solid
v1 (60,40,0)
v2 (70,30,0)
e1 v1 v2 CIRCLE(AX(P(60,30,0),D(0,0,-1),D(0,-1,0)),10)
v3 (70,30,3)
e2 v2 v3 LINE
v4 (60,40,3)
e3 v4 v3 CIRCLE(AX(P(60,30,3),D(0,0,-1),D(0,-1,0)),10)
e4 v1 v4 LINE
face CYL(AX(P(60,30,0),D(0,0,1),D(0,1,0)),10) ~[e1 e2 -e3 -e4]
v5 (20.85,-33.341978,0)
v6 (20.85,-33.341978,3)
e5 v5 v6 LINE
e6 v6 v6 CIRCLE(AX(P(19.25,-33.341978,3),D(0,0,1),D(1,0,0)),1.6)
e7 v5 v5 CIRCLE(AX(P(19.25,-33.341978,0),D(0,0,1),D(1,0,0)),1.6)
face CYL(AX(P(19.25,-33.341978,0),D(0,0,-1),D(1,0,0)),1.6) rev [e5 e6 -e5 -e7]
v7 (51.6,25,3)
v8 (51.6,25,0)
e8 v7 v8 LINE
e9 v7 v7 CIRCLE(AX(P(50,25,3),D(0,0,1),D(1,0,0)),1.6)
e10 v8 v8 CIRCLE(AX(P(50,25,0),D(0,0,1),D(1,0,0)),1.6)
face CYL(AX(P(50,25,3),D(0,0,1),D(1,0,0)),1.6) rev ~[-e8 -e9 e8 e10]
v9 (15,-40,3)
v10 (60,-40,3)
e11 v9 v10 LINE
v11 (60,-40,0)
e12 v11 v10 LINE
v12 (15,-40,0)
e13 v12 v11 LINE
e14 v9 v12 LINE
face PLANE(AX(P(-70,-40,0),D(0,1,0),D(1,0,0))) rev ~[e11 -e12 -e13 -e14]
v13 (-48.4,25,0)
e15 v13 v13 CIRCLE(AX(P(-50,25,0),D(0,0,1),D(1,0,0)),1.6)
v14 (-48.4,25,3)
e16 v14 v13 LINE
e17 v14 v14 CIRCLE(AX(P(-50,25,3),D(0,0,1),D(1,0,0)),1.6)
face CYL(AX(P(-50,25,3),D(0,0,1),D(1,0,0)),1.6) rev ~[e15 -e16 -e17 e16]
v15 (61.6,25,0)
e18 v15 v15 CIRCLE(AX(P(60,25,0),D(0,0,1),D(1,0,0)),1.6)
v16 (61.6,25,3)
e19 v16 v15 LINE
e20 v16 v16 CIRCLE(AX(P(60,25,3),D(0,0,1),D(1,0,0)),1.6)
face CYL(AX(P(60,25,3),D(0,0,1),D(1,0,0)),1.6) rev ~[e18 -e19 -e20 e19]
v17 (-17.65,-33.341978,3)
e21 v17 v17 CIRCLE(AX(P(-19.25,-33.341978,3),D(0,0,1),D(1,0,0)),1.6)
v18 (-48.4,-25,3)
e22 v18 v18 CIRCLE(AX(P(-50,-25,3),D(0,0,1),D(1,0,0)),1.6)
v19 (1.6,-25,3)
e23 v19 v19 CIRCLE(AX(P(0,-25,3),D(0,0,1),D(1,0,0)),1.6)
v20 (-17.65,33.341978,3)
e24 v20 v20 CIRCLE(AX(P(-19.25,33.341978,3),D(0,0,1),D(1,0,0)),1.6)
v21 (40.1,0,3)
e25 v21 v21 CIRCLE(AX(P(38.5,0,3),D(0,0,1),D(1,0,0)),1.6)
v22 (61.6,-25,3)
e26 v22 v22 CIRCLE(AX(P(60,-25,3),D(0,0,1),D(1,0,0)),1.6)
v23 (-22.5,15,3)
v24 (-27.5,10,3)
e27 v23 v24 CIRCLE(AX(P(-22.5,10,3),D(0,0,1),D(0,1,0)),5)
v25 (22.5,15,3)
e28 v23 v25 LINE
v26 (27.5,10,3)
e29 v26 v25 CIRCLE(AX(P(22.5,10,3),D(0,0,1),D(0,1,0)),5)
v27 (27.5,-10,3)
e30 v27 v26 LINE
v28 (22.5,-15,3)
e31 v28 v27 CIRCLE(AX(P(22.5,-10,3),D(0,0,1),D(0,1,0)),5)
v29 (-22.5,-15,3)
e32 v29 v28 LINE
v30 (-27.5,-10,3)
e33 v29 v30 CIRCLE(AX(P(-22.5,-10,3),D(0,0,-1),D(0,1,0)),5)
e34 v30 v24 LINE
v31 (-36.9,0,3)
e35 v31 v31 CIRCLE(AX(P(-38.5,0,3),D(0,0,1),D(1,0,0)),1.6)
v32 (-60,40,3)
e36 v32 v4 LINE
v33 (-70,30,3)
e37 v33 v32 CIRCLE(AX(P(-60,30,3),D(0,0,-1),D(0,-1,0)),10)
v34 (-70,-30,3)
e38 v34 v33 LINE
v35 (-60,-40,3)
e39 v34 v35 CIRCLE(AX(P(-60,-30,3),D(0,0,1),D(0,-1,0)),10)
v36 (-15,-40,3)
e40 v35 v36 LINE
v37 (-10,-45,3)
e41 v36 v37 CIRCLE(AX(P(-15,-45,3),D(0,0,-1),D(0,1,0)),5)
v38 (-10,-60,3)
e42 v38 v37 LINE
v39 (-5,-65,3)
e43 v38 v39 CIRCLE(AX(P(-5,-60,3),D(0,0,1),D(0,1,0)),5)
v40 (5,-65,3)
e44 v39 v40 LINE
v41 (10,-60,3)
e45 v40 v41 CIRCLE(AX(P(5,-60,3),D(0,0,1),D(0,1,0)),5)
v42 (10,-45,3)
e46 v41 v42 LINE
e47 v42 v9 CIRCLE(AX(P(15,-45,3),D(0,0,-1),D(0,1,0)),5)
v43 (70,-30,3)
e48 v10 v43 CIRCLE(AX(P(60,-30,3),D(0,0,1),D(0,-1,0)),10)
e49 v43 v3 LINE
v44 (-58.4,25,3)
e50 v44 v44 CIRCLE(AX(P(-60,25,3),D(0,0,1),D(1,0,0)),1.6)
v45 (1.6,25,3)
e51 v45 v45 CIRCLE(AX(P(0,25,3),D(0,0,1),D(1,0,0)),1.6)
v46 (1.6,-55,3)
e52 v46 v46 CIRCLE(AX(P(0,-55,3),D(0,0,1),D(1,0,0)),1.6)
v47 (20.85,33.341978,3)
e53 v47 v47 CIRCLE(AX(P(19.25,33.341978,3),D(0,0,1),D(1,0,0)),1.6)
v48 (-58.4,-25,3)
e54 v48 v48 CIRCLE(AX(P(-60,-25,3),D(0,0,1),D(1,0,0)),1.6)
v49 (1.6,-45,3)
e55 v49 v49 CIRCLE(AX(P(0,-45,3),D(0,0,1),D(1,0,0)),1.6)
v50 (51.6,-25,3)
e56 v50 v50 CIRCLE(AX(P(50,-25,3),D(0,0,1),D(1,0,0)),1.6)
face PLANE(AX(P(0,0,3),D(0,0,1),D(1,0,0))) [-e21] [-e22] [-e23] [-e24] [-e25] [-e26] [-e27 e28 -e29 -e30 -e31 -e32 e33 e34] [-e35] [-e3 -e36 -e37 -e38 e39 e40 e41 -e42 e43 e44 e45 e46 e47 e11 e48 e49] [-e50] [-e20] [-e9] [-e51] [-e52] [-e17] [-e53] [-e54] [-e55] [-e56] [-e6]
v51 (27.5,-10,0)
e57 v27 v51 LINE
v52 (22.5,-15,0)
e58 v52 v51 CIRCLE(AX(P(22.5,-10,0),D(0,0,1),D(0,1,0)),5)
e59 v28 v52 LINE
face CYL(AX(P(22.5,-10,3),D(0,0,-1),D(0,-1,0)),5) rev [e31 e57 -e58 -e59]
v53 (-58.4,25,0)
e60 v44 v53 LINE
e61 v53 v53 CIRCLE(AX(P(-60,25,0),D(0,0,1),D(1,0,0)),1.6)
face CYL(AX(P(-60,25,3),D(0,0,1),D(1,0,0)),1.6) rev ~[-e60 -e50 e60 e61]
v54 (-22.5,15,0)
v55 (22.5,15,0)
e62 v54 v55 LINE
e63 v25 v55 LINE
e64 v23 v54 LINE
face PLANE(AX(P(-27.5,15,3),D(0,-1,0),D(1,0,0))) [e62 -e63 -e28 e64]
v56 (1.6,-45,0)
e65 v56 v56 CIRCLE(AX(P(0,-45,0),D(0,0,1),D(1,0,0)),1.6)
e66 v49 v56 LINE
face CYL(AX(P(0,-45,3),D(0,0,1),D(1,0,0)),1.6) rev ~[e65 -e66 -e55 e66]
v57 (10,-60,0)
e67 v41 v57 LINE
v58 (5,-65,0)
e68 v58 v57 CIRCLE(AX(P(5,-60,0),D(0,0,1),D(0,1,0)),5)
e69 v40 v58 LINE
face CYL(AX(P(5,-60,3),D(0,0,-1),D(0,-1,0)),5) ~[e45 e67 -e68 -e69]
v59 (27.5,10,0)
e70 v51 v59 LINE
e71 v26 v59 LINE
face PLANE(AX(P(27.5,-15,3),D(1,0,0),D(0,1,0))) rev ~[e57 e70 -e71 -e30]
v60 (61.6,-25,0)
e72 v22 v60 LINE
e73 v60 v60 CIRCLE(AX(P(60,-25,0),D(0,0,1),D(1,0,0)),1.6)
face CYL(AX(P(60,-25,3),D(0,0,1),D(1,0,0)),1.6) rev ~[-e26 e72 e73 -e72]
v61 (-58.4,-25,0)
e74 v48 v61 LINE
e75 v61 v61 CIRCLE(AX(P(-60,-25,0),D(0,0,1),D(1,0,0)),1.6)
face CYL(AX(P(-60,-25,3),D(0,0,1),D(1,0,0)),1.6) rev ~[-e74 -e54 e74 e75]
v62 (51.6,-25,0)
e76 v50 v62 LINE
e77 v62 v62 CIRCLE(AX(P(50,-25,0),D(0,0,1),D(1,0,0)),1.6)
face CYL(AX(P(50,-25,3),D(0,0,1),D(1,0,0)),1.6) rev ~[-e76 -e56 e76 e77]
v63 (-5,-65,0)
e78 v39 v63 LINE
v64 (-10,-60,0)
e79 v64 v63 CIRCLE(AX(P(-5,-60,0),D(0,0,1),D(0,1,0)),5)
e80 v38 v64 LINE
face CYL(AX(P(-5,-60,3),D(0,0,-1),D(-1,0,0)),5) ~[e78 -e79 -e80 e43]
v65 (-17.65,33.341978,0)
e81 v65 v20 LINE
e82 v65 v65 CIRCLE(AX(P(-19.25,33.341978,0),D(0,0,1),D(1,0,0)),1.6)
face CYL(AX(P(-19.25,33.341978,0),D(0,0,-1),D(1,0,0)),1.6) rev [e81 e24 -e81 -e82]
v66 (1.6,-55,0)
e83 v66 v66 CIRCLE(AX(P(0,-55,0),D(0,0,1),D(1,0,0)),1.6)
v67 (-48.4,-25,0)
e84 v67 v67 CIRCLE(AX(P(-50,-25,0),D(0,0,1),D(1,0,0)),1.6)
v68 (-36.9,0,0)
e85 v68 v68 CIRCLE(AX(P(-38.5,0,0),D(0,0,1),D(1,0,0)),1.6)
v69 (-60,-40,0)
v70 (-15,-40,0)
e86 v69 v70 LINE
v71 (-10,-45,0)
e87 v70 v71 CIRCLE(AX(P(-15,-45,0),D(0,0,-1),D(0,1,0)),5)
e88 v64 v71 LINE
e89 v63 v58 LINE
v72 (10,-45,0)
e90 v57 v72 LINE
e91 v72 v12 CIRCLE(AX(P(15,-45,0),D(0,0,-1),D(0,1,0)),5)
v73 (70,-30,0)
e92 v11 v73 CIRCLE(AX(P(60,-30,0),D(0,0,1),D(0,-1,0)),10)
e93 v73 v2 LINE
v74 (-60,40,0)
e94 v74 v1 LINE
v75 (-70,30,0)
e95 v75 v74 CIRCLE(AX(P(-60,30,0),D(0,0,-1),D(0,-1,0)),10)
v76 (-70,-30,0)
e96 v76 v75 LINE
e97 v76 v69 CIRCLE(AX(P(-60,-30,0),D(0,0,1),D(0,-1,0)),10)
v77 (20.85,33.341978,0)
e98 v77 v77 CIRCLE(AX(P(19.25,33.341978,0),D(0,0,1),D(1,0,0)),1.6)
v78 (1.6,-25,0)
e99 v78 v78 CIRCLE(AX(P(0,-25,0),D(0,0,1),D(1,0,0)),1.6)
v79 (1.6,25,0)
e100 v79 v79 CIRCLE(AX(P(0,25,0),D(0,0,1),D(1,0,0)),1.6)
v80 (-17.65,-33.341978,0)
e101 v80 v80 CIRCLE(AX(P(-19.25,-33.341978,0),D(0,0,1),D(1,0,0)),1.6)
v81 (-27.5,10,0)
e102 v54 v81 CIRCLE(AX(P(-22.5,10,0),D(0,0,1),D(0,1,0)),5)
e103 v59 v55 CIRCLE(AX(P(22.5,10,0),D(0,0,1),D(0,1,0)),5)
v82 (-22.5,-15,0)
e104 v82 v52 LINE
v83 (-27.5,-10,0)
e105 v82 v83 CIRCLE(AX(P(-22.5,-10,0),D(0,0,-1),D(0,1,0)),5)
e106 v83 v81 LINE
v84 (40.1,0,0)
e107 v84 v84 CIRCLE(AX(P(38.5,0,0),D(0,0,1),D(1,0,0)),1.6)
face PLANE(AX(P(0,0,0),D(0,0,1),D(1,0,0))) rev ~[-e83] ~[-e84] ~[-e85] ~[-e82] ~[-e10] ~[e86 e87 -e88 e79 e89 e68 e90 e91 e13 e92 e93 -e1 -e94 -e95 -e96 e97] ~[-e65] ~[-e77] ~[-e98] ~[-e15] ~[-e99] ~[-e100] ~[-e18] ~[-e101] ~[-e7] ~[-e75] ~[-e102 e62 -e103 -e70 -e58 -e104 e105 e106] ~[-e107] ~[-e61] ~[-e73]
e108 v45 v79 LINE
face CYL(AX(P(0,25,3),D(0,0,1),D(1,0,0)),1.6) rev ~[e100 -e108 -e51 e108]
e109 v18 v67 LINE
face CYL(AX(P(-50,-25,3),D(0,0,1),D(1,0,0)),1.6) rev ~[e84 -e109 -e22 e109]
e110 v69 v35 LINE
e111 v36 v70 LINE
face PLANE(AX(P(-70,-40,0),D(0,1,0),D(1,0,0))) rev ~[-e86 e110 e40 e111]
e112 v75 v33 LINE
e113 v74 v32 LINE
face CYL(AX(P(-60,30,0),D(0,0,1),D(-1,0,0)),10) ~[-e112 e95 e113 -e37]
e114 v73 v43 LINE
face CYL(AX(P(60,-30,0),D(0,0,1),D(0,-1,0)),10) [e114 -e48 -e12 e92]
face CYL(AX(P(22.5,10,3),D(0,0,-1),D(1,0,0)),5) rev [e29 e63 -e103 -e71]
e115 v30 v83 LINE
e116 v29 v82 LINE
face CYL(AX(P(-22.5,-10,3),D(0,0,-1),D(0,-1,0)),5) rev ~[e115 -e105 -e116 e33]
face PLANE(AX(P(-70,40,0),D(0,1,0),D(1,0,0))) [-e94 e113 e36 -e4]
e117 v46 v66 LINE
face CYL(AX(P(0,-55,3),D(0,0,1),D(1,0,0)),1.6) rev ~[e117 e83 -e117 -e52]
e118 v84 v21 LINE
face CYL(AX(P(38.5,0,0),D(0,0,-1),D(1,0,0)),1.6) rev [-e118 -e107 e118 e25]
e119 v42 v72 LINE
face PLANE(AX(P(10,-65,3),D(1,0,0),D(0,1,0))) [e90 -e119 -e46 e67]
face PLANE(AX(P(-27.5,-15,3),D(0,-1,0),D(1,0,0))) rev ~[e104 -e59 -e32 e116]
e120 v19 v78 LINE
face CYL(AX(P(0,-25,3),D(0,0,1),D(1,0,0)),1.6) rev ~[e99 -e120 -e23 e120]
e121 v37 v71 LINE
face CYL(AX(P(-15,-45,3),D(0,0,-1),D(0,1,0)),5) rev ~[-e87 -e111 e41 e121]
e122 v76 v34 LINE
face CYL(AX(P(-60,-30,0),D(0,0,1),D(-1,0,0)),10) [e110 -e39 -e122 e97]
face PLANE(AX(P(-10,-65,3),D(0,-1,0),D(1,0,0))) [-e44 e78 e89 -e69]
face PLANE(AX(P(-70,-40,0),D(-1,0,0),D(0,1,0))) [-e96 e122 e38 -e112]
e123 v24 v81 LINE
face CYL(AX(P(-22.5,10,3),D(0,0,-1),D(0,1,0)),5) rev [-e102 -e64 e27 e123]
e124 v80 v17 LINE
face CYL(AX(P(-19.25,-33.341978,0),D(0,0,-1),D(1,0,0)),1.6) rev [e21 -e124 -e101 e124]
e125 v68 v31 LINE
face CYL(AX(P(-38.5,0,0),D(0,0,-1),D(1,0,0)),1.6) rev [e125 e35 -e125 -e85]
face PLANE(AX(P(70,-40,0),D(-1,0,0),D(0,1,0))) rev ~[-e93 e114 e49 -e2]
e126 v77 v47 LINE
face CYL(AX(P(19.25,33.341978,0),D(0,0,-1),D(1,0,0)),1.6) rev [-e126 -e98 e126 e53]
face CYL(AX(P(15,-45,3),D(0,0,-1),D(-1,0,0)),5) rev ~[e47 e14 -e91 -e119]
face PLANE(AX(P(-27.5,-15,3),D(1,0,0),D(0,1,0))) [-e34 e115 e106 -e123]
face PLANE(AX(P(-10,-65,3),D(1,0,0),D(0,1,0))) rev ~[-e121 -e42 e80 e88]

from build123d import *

# Parameters (mm, degrees)
SKETCH_1_W          = 140
SKETCH_1_H          = 80
SKETCH_1_R          = 1.6
EXTRUDE_1_DEPTH     = 3
SKETCH_2_R          = 1.6
CUT_EXTRUDE_1_DEPTH = 10
SKETCH_3_W          = 55
SKETCH_3_H          = 30
CUT_EXTRUDE_2_DEPTH = 10
FILLET_1_R          = 5
FILLET_2_R          = 10
SKETCH_4_R          = 1.6
CUT_EXTRUDE_3_DEPTH = 10
SKETCH_6_W          = 20
SKETCH_6_H          = 25
EXTRUDE_2_DEPTH     = 3
SKETCH_7_R          = 1.6
CUT_EXTRUDE_5_DEPTH = 4
FILLET_3_R          = 5


with BuildPart() as part:
    # 草图1 → 凸台-拉伸1 (new body)
    with BuildSketch(Plane.XY):
        Rectangle(SKETCH_1_W, SKETCH_1_H)
        with Locations((19.25, 33.341978046)):
            Circle(SKETCH_1_R, mode=Mode.SUBTRACT)
        with Locations((38.5, 0)):
            Circle(SKETCH_1_R, mode=Mode.SUBTRACT)
        with Locations((19.25, -33.341978046)):
            Circle(SKETCH_1_R, mode=Mode.SUBTRACT)
        with Locations((-19.25, -33.341978046)):
            Circle(SKETCH_1_R, mode=Mode.SUBTRACT)
        with Locations((-38.5, 0)):
            Circle(SKETCH_1_R, mode=Mode.SUBTRACT)
        with Locations((-19.25, 33.341978046)):
            Circle(SKETCH_1_R, mode=Mode.SUBTRACT)
    extrude(amount=EXTRUDE_1_DEPTH)

    # 草图2 → 切除-拉伸1 (cut)
    with BuildSketch(Plane.XY.offset(3)):
        with Locations((0, 25)):
            Circle(SKETCH_2_R)
        with Locations((-60, 25)):
            Circle(SKETCH_2_R)
        with Locations((60, 25)):
            Circle(SKETCH_2_R)
        with Locations((60, -25)):
            Circle(SKETCH_2_R)
        with Locations((-60, -25)):
            Circle(SKETCH_2_R)
        with Locations((0, -25)):
            Circle(SKETCH_2_R)
    extrude(amount=-CUT_EXTRUDE_1_DEPTH, mode=Mode.SUBTRACT)

    # 草图3 → 切除-拉伸2 (cut)
    with BuildSketch(Plane.XY.offset(3)):
        Rectangle(SKETCH_3_W, SKETCH_3_H)
    extrude(amount=-CUT_EXTRUDE_2_DEPTH, mode=Mode.SUBTRACT)

    # 圆角1
    fillet_1_edges = [part.edges().sort_by_distance(p)[0] for p in [
        (27.5, 15, 1.5),
        (27.5, -15, 1.5),
        (-27.5, -15, 1.5),
        (-27.5, 15, 1.5),
    ]]
    fillet(fillet_1_edges, radius=FILLET_1_R)

    # 圆角2
    fillet_2_edges = [part.edges().sort_by_distance(p)[0] for p in [
        (70, -40, 1.5),
        (-70, -40, 1.5),
        (-70, 40, 1.5),
        (70, 40, 1.5),
    ]]
    fillet(fillet_2_edges, radius=FILLET_2_R)

    # 草图4 → 切除-拉伸3 (cut)
    with BuildSketch(Plane.XY.offset(3)):
        with Locations((-50, 25)):
            Circle(SKETCH_4_R)
        with Locations((-50, -25)):
            Circle(SKETCH_4_R)
        with Locations((50, -25)):
            Circle(SKETCH_4_R)
        with Locations((50, 25)):
            Circle(SKETCH_4_R)
    extrude(amount=-CUT_EXTRUDE_3_DEPTH, mode=Mode.SUBTRACT)

    # 草图6 → 凸台-拉伸2 (add)
    with BuildSketch(Plane.XY.offset(3)):
        with Locations((0, -52.5)):
            Rectangle(SKETCH_6_W, SKETCH_6_H)
    extrude(amount=-EXTRUDE_2_DEPTH)

    # 草图7 → 切除-拉伸5 (cut, through all)
    with BuildSketch(Plane.XY.offset(3)):
        with Locations((0, -45)):
            Circle(SKETCH_7_R)
        with Locations((0, -55)):
            Circle(SKETCH_7_R)
    extrude(amount=-CUT_EXTRUDE_5_DEPTH, mode=Mode.SUBTRACT)

    # 圆角3
    fillet_3_edges = [part.edges().sort_by_distance(p)[0] for p in [
        (-10, -40, 1.5),
        (10, -40, 1.5),
        (10, -65, 1.5),
        (-10, -65, 1.5),
    ]]
    fillet(fillet_3_edges, radius=FILLET_3_R)


solid = part.part
